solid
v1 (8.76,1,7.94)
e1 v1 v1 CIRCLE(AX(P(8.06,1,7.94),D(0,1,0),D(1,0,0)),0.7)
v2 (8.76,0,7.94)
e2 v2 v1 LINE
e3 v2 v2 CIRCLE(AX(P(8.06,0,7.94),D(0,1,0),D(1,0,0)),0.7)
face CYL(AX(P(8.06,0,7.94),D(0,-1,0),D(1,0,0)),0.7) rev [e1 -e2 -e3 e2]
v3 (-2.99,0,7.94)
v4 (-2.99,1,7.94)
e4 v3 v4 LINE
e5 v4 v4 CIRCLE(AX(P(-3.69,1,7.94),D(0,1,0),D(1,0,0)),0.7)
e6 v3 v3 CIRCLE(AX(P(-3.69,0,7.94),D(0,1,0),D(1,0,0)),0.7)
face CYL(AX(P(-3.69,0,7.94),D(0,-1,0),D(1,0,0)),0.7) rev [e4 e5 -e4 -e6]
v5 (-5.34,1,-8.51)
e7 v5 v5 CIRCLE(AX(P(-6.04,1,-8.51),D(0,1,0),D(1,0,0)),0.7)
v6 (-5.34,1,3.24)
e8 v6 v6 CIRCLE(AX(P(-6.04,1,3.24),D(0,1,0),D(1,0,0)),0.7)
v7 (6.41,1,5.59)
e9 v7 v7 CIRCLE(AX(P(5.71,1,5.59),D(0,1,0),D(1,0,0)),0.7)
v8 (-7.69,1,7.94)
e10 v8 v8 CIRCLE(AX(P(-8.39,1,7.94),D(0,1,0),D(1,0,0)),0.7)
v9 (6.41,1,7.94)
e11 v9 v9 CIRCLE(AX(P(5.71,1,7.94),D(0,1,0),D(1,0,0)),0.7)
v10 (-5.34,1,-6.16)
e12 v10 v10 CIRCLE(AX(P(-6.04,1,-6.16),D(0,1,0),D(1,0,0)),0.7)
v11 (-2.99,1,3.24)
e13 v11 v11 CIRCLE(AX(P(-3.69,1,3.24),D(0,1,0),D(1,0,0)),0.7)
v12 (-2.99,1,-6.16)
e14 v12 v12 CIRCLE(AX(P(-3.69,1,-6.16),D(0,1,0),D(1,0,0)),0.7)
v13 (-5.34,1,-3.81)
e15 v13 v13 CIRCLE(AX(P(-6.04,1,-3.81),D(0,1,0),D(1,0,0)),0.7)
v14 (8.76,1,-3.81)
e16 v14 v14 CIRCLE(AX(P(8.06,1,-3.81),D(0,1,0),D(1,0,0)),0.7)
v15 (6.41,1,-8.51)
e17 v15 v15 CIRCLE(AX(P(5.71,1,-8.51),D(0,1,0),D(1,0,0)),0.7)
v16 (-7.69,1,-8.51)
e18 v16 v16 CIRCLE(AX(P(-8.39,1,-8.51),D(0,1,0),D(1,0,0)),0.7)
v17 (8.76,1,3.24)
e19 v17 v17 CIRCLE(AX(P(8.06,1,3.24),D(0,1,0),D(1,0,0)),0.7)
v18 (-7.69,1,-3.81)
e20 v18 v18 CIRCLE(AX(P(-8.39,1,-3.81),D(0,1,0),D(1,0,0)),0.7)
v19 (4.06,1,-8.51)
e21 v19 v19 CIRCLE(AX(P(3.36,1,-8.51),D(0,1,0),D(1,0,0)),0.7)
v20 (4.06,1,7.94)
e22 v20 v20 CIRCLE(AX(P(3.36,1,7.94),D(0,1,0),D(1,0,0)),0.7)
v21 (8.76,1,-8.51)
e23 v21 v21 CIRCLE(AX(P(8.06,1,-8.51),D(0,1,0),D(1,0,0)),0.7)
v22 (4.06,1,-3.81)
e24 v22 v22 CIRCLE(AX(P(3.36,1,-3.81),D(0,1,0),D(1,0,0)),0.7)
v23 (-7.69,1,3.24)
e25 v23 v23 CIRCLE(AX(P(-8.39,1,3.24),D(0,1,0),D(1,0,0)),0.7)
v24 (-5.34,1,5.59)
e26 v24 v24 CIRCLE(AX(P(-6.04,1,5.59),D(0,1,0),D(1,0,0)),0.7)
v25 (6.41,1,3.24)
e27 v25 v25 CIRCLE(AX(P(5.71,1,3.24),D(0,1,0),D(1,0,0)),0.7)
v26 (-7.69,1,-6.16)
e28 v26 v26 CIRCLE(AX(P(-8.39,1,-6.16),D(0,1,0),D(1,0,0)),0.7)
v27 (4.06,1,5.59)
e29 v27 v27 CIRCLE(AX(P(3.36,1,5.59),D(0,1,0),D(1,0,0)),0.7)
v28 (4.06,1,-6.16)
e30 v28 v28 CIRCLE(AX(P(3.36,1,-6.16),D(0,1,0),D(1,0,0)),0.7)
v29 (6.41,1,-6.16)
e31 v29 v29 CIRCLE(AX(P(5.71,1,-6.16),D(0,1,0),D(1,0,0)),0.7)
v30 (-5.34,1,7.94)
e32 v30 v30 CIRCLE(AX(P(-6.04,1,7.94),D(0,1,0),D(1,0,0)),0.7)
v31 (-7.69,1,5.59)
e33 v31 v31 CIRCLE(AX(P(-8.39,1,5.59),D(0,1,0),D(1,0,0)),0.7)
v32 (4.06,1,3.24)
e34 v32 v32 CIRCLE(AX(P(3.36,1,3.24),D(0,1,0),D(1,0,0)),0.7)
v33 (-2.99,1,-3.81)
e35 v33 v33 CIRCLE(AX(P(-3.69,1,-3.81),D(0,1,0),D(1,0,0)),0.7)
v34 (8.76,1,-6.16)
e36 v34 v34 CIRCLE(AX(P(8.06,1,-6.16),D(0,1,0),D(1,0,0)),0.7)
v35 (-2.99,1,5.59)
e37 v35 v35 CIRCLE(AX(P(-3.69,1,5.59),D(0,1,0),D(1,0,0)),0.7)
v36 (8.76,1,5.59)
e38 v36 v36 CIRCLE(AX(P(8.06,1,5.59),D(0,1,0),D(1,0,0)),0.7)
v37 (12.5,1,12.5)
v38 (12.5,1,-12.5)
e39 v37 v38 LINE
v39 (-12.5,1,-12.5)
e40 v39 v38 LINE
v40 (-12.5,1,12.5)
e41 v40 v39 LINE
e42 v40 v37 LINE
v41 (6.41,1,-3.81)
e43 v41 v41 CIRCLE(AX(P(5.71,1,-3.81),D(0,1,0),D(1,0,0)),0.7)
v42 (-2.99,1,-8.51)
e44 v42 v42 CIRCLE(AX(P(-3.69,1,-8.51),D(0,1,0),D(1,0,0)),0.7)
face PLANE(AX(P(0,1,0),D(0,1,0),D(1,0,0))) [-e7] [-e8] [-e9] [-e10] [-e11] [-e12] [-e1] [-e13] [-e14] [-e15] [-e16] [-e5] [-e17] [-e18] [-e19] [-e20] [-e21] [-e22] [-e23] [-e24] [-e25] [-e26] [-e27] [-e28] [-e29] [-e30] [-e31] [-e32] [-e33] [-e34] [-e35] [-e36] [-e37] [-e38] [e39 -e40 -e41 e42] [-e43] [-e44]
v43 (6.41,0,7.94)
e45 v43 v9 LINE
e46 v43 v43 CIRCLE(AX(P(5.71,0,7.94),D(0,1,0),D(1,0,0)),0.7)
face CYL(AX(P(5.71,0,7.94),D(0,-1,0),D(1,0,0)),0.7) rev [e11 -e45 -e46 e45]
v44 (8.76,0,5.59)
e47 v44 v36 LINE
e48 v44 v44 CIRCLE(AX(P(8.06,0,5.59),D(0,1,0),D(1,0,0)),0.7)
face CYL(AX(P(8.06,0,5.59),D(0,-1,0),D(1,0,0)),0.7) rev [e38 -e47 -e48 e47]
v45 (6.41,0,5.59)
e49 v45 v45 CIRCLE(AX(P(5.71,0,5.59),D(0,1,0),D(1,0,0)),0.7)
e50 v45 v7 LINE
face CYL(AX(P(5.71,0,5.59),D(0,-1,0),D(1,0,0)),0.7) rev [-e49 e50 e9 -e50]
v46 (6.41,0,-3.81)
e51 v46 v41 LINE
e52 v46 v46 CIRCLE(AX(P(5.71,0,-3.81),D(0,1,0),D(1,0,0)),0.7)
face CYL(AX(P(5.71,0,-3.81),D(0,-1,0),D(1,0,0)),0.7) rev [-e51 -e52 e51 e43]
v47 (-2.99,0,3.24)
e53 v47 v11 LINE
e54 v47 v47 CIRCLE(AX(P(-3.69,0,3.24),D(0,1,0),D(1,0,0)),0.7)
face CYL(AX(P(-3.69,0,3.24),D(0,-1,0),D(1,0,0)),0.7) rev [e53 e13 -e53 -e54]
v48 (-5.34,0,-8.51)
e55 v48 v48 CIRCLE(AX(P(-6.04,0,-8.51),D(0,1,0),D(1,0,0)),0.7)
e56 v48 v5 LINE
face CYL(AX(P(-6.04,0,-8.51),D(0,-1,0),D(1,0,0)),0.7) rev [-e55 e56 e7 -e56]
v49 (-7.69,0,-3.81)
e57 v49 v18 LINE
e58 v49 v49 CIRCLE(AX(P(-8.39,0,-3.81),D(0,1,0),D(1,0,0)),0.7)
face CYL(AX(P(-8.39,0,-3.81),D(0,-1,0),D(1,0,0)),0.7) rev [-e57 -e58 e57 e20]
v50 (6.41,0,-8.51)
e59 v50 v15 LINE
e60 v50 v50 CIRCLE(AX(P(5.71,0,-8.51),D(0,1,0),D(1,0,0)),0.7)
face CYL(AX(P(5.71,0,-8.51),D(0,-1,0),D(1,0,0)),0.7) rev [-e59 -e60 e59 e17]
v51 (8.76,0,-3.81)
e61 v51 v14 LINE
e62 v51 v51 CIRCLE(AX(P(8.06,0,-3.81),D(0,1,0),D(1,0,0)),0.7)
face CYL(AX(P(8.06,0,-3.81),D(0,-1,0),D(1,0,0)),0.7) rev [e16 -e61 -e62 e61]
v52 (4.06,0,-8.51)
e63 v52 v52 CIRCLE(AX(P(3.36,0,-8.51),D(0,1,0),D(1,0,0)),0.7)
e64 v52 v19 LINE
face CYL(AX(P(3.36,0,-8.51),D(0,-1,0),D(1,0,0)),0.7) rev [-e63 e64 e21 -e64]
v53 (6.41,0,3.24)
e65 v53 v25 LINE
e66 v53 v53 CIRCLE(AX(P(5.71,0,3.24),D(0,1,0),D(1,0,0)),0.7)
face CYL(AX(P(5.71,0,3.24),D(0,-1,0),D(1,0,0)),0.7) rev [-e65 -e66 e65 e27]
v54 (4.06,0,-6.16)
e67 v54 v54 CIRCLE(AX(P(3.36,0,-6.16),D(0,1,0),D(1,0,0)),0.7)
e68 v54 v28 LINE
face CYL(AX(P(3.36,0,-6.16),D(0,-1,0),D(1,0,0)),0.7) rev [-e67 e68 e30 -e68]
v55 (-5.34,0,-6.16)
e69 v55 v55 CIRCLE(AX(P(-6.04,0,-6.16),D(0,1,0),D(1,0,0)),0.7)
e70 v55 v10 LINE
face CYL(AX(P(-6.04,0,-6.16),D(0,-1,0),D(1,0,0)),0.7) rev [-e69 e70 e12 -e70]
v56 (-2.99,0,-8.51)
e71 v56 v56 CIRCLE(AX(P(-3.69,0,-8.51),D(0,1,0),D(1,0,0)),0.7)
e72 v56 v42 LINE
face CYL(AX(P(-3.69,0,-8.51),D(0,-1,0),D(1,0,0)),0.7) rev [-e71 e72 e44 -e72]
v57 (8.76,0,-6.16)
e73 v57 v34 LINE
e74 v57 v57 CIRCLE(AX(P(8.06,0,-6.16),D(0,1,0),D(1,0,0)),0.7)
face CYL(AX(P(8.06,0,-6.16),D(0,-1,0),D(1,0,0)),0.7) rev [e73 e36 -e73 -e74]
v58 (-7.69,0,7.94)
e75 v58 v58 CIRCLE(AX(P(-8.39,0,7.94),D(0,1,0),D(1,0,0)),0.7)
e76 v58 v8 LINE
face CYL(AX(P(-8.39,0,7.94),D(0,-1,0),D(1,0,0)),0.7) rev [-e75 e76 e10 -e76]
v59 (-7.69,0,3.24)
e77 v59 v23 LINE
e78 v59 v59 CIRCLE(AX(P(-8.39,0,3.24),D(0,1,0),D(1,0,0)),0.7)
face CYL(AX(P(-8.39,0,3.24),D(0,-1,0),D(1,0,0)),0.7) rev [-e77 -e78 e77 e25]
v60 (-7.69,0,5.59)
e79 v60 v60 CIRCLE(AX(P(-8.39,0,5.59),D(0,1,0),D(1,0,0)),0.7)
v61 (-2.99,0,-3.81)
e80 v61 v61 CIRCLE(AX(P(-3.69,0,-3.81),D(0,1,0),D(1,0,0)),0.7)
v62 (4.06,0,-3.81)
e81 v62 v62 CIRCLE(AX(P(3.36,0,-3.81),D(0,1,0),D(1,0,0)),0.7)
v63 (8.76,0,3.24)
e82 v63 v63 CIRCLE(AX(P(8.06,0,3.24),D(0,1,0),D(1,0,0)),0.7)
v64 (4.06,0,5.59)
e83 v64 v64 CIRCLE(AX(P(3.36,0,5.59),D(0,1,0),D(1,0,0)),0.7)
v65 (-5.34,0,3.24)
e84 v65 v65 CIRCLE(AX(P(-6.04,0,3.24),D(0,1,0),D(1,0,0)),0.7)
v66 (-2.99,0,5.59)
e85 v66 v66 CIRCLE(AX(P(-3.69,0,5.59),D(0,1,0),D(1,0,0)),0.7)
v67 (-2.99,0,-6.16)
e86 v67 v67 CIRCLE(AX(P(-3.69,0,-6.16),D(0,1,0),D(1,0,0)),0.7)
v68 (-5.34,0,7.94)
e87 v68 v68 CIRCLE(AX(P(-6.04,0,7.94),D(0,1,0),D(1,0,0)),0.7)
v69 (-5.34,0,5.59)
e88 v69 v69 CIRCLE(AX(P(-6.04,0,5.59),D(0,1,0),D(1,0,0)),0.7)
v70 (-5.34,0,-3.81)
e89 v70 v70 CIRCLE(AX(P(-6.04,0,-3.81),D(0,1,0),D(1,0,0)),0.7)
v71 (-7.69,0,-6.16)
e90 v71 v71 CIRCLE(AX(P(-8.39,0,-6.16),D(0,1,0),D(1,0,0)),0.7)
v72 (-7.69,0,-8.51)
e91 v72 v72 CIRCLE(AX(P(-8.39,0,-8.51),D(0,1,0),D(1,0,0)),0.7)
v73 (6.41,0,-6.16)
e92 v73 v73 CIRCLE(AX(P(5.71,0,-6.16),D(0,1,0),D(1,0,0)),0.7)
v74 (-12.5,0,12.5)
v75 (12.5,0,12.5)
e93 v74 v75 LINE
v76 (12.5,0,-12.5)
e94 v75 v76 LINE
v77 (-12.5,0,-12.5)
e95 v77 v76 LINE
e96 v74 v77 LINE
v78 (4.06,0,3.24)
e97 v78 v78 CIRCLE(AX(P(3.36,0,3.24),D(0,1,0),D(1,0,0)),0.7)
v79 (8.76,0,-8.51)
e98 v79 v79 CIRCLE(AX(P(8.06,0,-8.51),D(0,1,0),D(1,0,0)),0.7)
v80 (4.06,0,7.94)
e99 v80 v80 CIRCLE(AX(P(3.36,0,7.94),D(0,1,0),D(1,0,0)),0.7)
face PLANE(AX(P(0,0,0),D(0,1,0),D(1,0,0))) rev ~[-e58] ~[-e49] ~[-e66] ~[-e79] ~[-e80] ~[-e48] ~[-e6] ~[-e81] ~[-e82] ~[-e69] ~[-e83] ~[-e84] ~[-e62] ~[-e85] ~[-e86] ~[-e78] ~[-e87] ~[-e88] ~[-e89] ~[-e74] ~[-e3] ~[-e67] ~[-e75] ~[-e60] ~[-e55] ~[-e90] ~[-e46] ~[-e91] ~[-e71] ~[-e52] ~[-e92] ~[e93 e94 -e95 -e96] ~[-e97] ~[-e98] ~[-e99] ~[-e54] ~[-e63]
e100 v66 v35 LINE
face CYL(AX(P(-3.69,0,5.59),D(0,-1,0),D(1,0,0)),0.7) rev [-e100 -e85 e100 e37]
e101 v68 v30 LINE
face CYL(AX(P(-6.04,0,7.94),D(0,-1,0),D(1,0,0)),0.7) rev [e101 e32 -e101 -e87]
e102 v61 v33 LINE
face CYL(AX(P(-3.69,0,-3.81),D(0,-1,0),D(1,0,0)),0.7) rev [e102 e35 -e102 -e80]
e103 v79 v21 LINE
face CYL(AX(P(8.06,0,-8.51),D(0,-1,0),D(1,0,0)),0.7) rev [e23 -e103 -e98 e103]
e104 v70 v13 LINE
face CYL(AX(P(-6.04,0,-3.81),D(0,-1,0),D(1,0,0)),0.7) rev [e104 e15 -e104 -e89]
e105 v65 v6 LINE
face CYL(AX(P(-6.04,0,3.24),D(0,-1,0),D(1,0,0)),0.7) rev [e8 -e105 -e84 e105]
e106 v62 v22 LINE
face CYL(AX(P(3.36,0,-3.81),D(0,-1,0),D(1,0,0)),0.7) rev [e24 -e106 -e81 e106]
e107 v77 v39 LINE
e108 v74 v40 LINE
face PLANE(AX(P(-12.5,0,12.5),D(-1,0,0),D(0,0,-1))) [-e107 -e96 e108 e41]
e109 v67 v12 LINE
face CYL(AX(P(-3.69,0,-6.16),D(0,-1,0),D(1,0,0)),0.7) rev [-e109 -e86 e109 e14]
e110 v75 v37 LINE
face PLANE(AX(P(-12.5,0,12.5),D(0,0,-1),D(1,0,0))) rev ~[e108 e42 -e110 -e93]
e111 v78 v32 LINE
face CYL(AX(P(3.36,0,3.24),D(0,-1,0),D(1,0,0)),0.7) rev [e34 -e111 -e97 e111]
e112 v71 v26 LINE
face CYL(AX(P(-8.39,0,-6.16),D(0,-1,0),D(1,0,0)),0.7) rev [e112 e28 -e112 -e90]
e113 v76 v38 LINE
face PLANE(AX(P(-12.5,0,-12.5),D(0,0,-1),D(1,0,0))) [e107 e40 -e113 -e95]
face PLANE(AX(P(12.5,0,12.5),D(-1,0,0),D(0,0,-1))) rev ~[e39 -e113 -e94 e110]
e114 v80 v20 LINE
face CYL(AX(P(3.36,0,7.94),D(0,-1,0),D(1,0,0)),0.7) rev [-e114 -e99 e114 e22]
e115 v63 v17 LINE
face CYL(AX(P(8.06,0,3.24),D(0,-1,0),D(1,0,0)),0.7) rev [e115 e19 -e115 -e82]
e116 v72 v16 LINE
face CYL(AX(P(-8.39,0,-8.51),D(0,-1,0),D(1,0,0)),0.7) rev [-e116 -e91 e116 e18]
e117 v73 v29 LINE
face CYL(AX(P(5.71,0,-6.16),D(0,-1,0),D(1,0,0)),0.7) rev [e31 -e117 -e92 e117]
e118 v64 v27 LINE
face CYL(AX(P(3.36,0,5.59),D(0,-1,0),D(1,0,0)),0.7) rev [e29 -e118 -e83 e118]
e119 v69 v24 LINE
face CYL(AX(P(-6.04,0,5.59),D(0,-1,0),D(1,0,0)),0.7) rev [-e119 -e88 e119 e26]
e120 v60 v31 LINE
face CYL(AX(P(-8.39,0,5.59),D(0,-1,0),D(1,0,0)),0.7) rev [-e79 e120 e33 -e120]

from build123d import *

# Parameters (mm, degrees)
SKETCH1_W           = 25
SKETCH1_H           = 25
SKETCH1_R           = 0.7
BOSS_EXTRUDE2_DEPTH = 1


with BuildPart() as part:
    # Sketch1 → Boss-Extrude2 (new body)
    with BuildSketch(Plane(origin=(0, 0, 0), x_dir=(1, 0, 0), z_dir=(0, 1, 0))):
        Rectangle(SKETCH1_W, SKETCH1_H)
        with Locations((-8.39, 8.51)):
            Circle(SKETCH1_R, mode=Mode.SUBTRACT)
        with Locations((-6.04, 8.51)):
            Circle(SKETCH1_R, mode=Mode.SUBTRACT)
        with Locations((-3.69, 8.51)):
            Circle(SKETCH1_R, mode=Mode.SUBTRACT)
        with Locations((3.36, 8.51)):
            Circle(SKETCH1_R, mode=Mode.SUBTRACT)
        with Locations((5.71, 8.51)):
            Circle(SKETCH1_R, mode=Mode.SUBTRACT)
        with Locations((8.06, 8.51)):
            Circle(SKETCH1_R, mode=Mode.SUBTRACT)
        with Locations((-6.04, 6.16)):
            Circle(SKETCH1_R, mode=Mode.SUBTRACT)
        with Locations((-3.69, 6.16)):
            Circle(SKETCH1_R, mode=Mode.SUBTRACT)
        with Locations((3.36, 6.16)):
            Circle(SKETCH1_R, mode=Mode.SUBTRACT)
        with Locations((5.71, 6.16)):
            Circle(SKETCH1_R, mode=Mode.SUBTRACT)
        with Locations((8.06, 6.16)):
            Circle(SKETCH1_R, mode=Mode.SUBTRACT)
        with Locations((-6.04, 3.81)):
            Circle(SKETCH1_R, mode=Mode.SUBTRACT)
        with Locations((-3.69, 3.81)):
            Circle(SKETCH1_R, mode=Mode.SUBTRACT)
        with Locations((3.36, 3.81)):
            Circle(SKETCH1_R, mode=Mode.SUBTRACT)
        with Locations((5.71, 3.81)):
            Circle(SKETCH1_R, mode=Mode.SUBTRACT)
        with Locations((8.06, 3.81)):
            Circle(SKETCH1_R, mode=Mode.SUBTRACT)
        with Locations((-8.39, 6.16)):
            Circle(SKETCH1_R, mode=Mode.SUBTRACT)
        with Locations((-8.39, 3.81)):
            Circle(SKETCH1_R, mode=Mode.SUBTRACT)
        with Locations((-6.04, -3.24)):
            Circle(SKETCH1_R, mode=Mode.SUBTRACT)
        with Locations((-3.69, -3.24)):
            Circle(SKETCH1_R, mode=Mode.SUBTRACT)
        with Locations((3.36, -3.24)):
            Circle(SKETCH1_R, mode=Mode.SUBTRACT)
        with Locations((5.71, -3.24)):
            Circle(SKETCH1_R, mode=Mode.SUBTRACT)
        with Locations((8.06, -3.24)):
            Circle(SKETCH1_R, mode=Mode.SUBTRACT)
        with Locations((-6.04, -5.59)):
            Circle(SKETCH1_R, mode=Mode.SUBTRACT)
        with Locations((-3.69, -5.59)):
            Circle(SKETCH1_R, mode=Mode.SUBTRACT)
        with Locations((3.36, -5.59)):
            Circle(SKETCH1_R, mode=Mode.SUBTRACT)
        with Locations((5.71, -5.59)):
            Circle(SKETCH1_R, mode=Mode.SUBTRACT)
        with Locations((8.06, -5.59)):
            Circle(SKETCH1_R, mode=Mode.SUBTRACT)
        with Locations((-6.04, -7.94)):
            Circle(SKETCH1_R, mode=Mode.SUBTRACT)
        with Locations((-3.69, -7.94)):
            Circle(SKETCH1_R, mode=Mode.SUBTRACT)
        with Locations((3.36, -7.94)):
            Circle(SKETCH1_R, mode=Mode.SUBTRACT)
        with Locations((5.71, -7.94)):
            Circle(SKETCH1_R, mode=Mode.SUBTRACT)
        with Locations((8.06, -7.94)):
            Circle(SKETCH1_R, mode=Mode.SUBTRACT)
        with Locations((-8.39, -3.24)):
            Circle(SKETCH1_R, mode=Mode.SUBTRACT)
        with Locations((-8.39, -5.59)):
            Circle(SKETCH1_R, mode=Mode.SUBTRACT)
        with Locations((-8.39, -7.94)):
            Circle(SKETCH1_R, mode=Mode.SUBTRACT)
    extrude(amount=BOSS_EXTRUDE2_DEPTH)


solid = part.part
